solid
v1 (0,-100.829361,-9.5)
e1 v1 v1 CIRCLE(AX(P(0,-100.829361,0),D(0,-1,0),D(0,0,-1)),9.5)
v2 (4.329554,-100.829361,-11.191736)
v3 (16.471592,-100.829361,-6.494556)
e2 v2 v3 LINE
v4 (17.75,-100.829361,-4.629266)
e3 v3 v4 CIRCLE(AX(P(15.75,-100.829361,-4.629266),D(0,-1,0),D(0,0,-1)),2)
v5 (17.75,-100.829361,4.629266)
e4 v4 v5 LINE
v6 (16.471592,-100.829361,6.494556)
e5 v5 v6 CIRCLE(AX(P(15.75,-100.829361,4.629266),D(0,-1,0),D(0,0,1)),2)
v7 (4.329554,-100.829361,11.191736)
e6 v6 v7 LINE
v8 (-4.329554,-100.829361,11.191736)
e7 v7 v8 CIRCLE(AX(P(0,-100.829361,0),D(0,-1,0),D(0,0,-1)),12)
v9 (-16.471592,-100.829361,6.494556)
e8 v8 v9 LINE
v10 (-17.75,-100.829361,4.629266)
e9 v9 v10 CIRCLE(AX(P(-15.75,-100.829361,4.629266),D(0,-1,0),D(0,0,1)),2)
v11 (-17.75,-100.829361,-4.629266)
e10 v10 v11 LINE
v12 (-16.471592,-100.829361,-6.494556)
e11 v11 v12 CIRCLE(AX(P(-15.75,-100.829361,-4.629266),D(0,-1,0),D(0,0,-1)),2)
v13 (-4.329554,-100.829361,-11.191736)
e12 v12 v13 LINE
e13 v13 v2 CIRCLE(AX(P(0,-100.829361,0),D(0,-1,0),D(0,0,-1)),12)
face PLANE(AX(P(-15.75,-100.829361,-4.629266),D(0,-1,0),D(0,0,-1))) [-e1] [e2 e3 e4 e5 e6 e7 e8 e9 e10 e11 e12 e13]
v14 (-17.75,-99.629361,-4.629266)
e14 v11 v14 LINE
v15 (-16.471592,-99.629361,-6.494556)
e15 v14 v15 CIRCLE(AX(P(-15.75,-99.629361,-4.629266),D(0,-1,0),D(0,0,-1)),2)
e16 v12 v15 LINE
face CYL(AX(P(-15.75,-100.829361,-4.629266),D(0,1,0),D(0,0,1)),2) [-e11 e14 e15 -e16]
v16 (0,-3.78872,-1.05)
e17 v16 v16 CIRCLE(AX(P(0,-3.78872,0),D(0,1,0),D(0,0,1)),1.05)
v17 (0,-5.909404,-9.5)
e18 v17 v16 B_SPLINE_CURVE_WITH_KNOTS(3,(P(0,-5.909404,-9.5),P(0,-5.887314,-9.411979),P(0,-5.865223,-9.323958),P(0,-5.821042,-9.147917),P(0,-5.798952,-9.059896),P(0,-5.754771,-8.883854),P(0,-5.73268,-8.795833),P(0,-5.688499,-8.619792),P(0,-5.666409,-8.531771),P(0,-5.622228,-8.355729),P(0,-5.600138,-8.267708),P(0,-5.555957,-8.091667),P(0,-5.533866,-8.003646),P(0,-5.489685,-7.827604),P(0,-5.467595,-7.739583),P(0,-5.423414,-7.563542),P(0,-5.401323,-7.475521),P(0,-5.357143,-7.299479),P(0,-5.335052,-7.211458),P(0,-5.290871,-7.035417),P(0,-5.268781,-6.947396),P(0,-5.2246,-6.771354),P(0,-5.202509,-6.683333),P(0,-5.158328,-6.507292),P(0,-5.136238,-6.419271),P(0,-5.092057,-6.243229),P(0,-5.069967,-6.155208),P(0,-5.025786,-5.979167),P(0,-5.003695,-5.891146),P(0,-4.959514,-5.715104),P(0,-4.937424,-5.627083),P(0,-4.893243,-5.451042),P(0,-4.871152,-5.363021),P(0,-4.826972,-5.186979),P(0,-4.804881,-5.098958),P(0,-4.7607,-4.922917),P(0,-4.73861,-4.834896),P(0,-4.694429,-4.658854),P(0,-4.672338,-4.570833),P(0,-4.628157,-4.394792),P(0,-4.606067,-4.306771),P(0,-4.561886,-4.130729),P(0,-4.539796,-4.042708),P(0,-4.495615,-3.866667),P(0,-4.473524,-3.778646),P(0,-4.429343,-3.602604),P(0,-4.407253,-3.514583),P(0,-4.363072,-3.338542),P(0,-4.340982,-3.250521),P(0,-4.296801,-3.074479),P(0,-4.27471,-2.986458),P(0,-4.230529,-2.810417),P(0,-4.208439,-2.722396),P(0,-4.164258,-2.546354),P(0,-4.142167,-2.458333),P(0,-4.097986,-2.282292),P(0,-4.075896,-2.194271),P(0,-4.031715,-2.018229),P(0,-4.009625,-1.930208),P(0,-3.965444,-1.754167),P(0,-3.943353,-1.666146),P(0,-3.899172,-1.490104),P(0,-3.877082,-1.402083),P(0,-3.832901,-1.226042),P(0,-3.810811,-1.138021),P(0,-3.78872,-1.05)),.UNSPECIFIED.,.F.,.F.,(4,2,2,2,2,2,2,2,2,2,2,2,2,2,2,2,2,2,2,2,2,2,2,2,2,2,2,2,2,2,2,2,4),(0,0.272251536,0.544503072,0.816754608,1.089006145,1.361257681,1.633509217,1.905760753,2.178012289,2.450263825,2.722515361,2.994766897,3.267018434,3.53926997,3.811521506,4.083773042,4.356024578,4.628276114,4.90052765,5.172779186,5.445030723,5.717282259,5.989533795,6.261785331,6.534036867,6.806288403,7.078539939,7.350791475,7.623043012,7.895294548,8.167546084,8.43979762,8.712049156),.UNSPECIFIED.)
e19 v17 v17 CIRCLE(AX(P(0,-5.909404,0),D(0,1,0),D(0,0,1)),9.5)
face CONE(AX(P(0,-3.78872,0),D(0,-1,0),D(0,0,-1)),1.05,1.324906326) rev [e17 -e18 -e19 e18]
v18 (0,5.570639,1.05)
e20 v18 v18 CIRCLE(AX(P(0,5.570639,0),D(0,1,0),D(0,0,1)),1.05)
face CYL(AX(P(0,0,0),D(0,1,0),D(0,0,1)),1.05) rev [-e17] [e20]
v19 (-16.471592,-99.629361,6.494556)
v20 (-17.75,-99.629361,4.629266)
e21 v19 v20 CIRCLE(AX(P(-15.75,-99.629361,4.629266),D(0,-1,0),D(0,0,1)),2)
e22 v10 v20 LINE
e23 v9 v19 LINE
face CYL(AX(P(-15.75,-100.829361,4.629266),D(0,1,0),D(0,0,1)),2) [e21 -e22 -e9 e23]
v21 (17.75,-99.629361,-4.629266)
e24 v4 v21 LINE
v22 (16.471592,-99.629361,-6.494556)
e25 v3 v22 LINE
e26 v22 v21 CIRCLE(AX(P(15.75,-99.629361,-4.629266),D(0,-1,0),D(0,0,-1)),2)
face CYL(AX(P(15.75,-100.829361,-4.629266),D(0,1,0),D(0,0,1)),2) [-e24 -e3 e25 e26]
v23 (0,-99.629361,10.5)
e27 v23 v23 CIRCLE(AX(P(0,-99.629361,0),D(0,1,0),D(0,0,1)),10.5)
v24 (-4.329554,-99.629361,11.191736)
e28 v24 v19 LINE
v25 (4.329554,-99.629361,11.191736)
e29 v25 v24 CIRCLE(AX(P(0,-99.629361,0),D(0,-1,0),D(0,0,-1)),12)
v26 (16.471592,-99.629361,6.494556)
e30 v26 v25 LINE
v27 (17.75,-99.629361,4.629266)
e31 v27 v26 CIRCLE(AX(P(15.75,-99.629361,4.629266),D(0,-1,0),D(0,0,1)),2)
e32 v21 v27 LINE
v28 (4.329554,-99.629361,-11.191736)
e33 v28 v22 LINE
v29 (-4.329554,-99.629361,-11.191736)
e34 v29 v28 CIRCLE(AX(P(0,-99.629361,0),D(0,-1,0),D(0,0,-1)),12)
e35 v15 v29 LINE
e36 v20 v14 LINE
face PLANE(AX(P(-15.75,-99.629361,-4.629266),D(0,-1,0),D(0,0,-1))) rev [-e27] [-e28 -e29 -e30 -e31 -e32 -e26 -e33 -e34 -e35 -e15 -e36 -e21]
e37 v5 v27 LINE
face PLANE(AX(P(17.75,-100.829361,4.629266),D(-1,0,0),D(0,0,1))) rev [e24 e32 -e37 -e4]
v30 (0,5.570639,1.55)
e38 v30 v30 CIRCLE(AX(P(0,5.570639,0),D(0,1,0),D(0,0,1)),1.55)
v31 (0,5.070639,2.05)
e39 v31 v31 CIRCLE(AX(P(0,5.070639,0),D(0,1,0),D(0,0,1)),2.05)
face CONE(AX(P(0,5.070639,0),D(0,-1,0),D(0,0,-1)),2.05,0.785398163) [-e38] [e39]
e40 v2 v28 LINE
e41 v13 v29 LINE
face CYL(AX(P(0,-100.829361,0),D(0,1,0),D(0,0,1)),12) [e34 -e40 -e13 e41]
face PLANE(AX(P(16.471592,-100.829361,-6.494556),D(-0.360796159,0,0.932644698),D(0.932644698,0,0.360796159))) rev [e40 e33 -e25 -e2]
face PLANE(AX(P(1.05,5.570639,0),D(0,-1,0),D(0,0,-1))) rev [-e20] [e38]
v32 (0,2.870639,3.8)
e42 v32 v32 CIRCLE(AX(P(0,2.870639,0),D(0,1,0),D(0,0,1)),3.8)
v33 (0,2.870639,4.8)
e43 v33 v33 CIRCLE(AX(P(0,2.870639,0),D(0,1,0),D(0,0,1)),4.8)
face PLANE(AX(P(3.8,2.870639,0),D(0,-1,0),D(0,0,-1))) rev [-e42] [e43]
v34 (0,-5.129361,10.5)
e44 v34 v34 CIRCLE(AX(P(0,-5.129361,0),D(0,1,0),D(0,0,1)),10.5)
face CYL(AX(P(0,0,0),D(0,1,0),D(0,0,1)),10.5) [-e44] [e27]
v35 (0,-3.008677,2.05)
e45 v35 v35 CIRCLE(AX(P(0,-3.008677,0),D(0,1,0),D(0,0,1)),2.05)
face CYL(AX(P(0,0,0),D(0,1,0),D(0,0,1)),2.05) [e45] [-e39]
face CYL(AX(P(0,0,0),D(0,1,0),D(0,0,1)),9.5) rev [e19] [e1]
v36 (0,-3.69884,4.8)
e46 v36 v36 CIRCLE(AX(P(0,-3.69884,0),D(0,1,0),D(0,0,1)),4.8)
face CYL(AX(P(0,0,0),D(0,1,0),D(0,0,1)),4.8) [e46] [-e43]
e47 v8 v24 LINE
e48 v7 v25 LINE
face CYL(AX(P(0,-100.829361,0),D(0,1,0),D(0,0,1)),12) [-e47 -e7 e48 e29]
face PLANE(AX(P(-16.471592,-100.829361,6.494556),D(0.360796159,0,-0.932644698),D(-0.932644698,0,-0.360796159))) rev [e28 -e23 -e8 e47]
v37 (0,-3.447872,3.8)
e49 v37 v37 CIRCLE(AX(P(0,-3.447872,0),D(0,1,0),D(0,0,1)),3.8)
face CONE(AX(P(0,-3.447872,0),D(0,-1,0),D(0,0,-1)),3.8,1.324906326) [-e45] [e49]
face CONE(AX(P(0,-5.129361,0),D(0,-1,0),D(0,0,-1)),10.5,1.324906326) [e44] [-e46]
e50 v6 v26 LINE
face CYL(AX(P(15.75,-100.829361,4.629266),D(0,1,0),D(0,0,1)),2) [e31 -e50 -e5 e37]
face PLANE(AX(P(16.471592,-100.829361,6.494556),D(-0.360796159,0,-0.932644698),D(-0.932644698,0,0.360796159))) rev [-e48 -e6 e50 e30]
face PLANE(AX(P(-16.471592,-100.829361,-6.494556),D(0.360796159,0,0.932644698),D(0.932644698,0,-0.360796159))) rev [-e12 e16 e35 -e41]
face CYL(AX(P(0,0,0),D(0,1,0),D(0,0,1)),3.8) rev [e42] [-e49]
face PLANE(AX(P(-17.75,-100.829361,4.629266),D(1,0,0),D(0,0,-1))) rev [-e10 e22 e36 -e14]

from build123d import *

# Parameters (mm, degrees)
SKETCH_2_R      = 9.5
EXTRUDE_1_DEPTH = 1.2


with BuildPart() as part:
    # Эскиз1 → Повернуть1 (revolve)
    with BuildSketch(Plane.XY, mode=Mode.PRIVATE) as revolve_1_sk:
        Polygon((1.05, 5.570639193), (1.55, 5.570639193), (2.05, 5.070639193), (2.05, -3.008676838), (3.8, -3.447871743), (3.8, 2.870639193), (4.8, 2.870639193), (4.8, -3.69884026), (10.5, -5.129360807), (10.5, -99.629360807), (9.5, -99.629360807), (9.5, -5.909404025), (1.05, -3.788720055), align=None)
    revolve(revolve_1_sk.sketch.rotate(Axis((0, 0, 0), (0, -1, 0)), 90), axis=Axis((0, 0, 0), (0, -1, 0)))

    # Эскиз2 → Бобышка-Вытянуть1 (add)
    with BuildSketch(Plane.XZ.offset(99.629360807)):
        with BuildLine():
            Line((16.471592317, -6.494555517), (4.329553903, -11.191736371))
            ThreePointArc((4.329553903, -11.191736371), (0, -12), (-4.329553903, -11.191736371))
            Line((-4.329553903, -11.191736371), (-16.471592317, -6.494555517))
            ThreePointArc((-16.471592317, -6.494555517), (-17.399724922, -5.759933042), (-17.75, -4.629266122))
            Line((-17.75, -4.629266122), (-17.75, 4.629266122))
            ThreePointArc((-17.75, 4.629266122), (-17.399724922, 5.759933042), (-16.471592317, 6.494555517))
            Line((-16.471592317, 6.494555517), (-4.329553903, 11.191736371))
            ThreePointArc((-4.329553903, 11.191736371), (0, 12), (4.329553903, 11.191736371))
            Line((4.329553903, 11.191736371), (16.471592317, 6.494555517))
            ThreePointArc((16.471592317, 6.494555517), (17.399724922, 5.759933042), (17.75, 4.629266122))
            Line((17.75, 4.629266122), (17.75, -4.629266122))
            ThreePointArc((17.75, -4.629266122), (17.399724922, -5.759933042), (16.471592317, -6.494555517))
        make_face()
        with Locations(Location((0, 0, 0), (0, 0, 270))):
            Circle(SKETCH_2_R, mode=Mode.SUBTRACT)
    extrude(amount=EXTRUDE_1_DEPTH)


solid = part.part
